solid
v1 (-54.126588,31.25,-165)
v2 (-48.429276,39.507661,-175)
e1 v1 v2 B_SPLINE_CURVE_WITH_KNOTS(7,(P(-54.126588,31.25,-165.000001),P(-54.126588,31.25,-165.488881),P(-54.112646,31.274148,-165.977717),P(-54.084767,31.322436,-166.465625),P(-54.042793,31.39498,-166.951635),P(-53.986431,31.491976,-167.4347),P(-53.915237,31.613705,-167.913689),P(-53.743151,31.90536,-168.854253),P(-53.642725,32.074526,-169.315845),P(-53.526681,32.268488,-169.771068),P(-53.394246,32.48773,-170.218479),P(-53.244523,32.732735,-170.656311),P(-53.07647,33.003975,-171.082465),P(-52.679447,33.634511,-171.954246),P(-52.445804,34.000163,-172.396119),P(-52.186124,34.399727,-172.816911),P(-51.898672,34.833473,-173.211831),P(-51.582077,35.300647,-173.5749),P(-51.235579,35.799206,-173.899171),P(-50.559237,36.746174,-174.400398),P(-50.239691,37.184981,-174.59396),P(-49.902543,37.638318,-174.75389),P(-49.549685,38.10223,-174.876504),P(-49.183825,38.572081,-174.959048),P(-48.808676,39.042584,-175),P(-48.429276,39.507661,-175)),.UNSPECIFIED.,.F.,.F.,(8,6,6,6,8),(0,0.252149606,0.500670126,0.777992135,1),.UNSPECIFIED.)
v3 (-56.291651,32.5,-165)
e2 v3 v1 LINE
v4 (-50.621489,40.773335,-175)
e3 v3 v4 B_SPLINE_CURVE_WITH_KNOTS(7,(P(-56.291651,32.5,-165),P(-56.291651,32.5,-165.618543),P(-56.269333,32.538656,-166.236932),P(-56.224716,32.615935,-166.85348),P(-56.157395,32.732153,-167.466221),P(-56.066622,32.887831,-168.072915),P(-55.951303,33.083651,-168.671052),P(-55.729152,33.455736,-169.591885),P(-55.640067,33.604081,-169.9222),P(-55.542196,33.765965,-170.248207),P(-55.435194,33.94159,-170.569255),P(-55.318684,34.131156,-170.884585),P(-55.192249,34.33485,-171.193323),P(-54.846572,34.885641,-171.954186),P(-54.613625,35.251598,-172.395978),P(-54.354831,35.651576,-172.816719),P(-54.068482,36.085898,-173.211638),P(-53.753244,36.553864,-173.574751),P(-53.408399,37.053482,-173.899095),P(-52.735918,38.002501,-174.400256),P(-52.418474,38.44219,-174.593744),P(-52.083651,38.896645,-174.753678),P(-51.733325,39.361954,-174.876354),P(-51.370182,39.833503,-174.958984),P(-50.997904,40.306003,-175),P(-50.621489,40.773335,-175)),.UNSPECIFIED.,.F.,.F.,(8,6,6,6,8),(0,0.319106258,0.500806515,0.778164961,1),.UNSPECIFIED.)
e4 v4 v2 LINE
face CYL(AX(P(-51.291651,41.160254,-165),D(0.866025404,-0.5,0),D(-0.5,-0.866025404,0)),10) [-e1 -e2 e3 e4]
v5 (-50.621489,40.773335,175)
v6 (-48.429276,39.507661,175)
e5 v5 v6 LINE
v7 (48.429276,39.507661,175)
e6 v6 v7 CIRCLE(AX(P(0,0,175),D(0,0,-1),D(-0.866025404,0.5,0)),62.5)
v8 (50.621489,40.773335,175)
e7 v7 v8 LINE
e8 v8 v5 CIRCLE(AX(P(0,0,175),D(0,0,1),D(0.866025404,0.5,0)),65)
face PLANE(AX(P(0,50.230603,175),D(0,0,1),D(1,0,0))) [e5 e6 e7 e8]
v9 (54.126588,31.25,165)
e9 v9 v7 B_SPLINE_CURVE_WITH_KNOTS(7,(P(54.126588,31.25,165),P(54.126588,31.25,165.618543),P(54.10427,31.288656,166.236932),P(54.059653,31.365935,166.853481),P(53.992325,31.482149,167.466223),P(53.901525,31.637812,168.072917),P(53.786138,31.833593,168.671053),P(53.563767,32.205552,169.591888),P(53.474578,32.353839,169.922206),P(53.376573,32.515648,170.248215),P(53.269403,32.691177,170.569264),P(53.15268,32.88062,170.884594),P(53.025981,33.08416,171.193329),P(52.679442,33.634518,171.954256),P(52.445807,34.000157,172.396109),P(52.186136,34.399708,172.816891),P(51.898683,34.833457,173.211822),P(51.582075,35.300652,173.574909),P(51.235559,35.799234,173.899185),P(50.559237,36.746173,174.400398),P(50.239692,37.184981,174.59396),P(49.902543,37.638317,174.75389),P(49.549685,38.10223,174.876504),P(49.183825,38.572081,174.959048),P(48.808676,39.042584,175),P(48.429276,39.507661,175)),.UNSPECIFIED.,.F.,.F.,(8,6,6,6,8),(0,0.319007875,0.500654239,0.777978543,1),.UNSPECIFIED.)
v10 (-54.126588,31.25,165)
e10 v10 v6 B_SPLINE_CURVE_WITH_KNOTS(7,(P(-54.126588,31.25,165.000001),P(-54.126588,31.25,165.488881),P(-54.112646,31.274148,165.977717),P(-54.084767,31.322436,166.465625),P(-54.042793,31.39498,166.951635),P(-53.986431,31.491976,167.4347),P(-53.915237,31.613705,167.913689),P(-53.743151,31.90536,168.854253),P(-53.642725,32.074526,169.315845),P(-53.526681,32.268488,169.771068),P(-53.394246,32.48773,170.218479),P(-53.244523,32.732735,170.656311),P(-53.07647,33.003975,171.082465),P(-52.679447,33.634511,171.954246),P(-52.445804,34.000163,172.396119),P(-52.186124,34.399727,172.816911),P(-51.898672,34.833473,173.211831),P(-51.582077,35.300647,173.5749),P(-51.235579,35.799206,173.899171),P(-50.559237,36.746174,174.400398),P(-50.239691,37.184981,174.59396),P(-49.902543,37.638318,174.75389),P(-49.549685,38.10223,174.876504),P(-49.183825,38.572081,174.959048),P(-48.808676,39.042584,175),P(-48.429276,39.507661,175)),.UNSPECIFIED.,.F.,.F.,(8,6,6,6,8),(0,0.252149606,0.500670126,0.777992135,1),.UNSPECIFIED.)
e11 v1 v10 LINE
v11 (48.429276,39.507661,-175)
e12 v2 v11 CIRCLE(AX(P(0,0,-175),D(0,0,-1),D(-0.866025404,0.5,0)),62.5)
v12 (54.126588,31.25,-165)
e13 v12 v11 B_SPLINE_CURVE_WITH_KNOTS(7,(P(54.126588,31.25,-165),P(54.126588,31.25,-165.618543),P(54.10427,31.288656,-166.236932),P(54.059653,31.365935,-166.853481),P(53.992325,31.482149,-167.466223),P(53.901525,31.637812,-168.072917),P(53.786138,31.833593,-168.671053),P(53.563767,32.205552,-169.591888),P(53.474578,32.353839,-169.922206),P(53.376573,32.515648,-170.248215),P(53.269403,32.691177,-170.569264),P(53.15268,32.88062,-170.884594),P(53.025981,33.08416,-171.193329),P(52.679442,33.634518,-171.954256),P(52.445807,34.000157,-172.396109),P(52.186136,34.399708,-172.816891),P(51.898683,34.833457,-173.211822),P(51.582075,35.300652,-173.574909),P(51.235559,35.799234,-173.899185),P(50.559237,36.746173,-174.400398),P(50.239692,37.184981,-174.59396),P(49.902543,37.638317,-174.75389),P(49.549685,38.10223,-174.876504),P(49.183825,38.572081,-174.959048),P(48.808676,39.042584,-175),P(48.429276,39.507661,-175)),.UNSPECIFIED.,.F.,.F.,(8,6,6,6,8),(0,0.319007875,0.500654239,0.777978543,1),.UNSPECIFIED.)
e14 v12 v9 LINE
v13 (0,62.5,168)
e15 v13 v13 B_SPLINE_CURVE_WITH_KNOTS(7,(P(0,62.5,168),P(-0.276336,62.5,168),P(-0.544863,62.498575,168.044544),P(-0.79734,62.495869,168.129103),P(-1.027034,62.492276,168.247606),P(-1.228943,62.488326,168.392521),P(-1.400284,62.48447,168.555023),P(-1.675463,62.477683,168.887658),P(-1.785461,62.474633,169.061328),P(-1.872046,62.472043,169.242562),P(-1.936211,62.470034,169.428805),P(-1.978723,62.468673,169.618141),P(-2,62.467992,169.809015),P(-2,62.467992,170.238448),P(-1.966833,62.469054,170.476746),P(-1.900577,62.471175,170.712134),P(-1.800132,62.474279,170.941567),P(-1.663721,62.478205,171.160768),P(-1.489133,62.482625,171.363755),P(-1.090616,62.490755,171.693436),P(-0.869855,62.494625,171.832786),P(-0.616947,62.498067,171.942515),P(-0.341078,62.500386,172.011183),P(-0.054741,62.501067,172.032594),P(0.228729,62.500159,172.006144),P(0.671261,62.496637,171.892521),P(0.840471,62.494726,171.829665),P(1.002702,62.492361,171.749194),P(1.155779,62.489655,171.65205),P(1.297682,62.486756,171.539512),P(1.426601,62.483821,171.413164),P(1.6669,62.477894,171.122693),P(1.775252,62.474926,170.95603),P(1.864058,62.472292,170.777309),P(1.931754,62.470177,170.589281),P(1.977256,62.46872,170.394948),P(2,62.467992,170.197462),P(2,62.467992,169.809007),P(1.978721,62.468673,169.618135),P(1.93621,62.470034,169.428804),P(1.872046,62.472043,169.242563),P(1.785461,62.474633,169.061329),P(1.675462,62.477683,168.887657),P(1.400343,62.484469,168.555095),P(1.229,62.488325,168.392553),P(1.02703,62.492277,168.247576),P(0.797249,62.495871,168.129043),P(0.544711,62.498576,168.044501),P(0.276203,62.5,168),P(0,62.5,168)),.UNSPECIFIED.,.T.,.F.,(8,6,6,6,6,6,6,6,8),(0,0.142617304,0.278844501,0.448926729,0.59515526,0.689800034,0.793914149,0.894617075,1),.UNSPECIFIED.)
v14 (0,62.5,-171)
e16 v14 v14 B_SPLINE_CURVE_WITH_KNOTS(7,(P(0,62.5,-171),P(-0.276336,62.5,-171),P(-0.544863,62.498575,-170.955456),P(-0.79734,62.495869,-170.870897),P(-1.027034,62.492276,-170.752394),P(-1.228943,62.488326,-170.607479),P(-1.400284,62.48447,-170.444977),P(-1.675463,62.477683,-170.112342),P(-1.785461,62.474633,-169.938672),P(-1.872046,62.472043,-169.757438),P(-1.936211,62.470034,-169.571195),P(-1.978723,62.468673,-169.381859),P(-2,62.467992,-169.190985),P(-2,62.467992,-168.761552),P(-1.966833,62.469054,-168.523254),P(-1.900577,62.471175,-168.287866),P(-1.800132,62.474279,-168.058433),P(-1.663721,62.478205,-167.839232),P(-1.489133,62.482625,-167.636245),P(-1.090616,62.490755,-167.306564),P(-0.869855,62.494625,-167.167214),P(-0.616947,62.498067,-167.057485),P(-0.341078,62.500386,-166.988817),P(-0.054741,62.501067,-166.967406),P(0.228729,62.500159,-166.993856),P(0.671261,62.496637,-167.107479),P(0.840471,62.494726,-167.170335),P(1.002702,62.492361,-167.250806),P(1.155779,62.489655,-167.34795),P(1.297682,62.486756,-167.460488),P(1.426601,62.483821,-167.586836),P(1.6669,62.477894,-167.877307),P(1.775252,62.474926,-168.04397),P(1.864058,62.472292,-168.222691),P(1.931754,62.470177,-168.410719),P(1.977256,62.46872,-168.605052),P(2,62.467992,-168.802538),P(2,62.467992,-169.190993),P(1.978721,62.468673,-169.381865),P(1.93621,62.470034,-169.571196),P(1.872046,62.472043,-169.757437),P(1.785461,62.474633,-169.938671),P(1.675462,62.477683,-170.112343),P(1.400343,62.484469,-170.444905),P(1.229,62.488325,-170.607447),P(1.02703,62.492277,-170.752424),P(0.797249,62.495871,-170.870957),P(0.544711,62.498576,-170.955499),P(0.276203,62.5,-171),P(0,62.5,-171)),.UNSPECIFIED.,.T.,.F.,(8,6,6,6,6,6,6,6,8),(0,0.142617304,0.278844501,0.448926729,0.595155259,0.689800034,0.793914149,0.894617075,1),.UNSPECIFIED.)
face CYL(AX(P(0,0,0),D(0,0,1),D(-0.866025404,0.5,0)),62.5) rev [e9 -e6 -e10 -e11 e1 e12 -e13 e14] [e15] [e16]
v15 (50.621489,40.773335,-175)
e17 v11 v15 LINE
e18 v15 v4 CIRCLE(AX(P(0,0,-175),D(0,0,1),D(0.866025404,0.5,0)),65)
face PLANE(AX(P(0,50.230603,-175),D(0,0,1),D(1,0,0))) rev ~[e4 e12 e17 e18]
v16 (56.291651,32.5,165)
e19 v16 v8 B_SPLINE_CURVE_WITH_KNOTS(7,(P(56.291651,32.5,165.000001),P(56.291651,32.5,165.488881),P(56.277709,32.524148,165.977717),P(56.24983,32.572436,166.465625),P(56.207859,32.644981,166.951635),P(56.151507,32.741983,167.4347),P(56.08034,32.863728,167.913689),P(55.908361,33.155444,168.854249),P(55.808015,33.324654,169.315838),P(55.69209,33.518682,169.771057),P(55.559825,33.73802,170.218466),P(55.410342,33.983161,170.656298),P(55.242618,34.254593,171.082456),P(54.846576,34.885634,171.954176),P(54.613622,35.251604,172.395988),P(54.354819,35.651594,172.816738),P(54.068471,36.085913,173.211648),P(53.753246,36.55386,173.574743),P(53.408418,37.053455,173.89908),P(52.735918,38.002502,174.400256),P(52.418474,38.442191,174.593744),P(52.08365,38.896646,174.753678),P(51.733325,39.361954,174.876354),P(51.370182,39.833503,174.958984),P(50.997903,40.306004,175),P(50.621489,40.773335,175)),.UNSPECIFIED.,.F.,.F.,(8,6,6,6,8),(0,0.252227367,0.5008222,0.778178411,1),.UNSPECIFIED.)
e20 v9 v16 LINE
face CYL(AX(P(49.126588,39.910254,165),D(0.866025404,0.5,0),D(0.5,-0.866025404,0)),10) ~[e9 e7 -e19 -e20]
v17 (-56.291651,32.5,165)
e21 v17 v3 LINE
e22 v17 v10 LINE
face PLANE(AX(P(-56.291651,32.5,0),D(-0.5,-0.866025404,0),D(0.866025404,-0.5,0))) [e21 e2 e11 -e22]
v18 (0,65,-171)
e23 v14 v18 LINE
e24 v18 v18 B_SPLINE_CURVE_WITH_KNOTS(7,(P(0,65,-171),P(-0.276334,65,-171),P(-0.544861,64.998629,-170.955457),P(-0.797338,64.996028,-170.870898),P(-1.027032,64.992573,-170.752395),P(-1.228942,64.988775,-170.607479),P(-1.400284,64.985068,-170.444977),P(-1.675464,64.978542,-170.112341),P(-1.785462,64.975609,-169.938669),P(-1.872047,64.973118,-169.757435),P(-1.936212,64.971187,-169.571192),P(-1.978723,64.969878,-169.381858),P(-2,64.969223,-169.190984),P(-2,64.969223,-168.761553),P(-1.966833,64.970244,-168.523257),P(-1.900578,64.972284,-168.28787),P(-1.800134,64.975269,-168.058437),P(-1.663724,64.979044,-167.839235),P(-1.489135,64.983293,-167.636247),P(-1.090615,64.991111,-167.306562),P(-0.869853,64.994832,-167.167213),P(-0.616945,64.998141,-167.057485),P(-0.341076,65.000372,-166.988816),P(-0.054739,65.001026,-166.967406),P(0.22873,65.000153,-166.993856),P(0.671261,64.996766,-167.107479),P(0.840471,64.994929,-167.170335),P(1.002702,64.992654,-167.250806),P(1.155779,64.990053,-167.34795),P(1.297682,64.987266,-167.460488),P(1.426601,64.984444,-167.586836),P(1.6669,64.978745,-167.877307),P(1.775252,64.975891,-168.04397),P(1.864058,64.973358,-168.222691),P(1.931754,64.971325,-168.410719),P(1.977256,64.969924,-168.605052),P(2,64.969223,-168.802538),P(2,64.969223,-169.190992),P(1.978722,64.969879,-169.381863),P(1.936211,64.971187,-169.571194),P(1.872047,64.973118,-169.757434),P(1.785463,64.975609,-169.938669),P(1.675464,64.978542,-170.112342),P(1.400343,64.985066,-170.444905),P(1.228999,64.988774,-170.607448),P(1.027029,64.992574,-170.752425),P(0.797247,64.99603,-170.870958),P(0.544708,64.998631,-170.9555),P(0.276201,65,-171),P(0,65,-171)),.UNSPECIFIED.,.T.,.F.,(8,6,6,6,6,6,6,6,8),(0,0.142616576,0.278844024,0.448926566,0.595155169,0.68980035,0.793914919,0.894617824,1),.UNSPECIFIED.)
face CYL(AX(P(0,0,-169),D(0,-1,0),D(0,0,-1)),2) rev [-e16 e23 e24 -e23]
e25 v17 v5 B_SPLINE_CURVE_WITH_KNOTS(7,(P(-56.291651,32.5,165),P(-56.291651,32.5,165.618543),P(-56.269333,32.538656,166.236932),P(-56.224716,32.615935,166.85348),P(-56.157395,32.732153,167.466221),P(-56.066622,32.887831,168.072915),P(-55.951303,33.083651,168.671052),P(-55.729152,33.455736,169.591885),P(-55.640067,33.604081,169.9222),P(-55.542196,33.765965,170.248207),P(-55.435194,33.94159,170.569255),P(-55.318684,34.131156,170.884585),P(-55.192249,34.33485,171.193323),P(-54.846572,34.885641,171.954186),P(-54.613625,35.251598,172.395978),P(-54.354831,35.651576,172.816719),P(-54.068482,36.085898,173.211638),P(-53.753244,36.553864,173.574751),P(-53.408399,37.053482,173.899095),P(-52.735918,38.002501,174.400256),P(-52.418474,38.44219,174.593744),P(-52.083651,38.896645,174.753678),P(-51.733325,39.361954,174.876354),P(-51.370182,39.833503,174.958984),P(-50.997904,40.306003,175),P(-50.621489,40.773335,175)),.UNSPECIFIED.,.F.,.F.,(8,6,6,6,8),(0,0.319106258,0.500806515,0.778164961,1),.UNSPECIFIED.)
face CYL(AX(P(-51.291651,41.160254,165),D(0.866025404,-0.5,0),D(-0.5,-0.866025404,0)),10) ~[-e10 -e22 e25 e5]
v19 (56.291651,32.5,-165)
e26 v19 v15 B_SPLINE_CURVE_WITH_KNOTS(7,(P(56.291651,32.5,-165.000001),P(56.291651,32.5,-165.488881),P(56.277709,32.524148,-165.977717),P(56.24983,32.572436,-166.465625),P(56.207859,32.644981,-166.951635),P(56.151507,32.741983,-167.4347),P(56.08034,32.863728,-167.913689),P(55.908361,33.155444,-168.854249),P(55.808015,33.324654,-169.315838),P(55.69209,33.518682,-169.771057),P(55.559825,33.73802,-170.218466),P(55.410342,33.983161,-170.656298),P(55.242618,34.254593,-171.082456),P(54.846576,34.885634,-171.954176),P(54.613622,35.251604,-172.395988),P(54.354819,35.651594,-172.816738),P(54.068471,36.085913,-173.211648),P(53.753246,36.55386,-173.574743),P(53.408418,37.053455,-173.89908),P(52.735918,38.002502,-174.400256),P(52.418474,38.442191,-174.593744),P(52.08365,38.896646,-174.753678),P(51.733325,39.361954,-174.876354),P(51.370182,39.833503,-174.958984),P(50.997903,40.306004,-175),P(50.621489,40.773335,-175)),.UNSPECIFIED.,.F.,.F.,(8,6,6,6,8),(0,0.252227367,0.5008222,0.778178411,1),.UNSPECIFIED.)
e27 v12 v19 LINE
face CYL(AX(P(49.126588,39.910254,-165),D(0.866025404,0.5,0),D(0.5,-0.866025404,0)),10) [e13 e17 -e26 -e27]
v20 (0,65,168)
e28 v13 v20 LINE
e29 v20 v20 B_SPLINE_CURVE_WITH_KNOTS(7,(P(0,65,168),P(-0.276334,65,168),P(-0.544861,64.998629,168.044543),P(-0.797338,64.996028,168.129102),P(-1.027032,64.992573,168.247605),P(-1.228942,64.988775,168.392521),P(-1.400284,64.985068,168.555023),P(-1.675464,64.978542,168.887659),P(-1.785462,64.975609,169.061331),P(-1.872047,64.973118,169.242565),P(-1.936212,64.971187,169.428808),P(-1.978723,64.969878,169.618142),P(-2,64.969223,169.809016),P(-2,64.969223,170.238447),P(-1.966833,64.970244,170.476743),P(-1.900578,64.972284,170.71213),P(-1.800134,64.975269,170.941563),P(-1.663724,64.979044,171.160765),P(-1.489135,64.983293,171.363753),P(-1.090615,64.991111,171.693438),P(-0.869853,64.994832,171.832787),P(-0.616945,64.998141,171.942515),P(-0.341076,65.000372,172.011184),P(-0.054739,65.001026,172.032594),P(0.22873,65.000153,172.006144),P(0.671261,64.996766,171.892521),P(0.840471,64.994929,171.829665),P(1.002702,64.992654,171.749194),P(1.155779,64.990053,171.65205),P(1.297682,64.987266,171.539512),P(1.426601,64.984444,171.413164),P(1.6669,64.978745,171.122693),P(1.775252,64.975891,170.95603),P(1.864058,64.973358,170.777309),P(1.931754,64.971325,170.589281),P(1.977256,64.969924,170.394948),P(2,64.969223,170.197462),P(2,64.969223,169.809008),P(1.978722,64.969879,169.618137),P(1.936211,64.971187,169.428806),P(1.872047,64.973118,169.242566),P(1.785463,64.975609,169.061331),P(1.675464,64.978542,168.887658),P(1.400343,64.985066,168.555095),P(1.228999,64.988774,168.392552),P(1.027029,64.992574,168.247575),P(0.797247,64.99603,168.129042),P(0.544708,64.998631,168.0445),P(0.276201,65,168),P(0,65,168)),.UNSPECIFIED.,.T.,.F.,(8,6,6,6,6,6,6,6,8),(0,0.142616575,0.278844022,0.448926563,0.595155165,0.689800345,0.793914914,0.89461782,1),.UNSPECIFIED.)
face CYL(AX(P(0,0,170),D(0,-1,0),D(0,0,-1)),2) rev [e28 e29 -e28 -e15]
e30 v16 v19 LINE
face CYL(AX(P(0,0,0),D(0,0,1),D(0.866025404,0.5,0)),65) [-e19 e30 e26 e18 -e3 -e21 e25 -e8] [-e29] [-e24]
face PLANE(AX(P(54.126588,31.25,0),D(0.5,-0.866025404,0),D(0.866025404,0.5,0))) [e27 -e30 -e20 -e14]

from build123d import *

# Parameters (mm, degrees)
BOSS_EXTRUDE1_DEPTH = 175
FILLET1_R           = 10
SKETCH3_R           = 2
CUT_EXTRUDE1_DEPTH  = 340


with BuildPart() as part:
    # Sketch1 → Boss-Extrude1 (new, symmetric)
    with BuildSketch(Plane.XY):
        with BuildLine():
            Line((-56.291651246, 32.5), (-54.126587737, 31.25))
            ThreePointArc((-54.126587737, 31.25), (0, 62.5), (54.126587737, 31.25))
            Line((54.126587737, 31.25), (56.291651246, 32.5))
            ThreePointArc((56.291651246, 32.5), (0, 65), (-56.291651246, 32.5))
        make_face()
    extrude(amount=BOSS_EXTRUDE1_DEPTH, both=True)

    # Fillet1
    fillet1_edges = [part.edges().sort_by_distance(p)[0] for p in [
        (55.209119491, 31.875, 175),
        (55.209119491, 31.875, -175),
        (-55.209119491, 31.875, -175),
        (-55.209119491, 31.875, 175),
    ]]
    fillet(fillet1_edges, radius=FILLET1_R)

    # Sketch3 → Cut-Extrude1 (cut)
    with BuildSketch(Plane(origin=(0, 0, 0), x_dir=(1, 0, 0), z_dir=(0, 1, 0))):
        with Locations(Location((0, -170, 0), (0, 0, 90))):
            Circle(SKETCH3_R)
        with Locations(Location((0, 169, 0), (0, 0, 90))):
            Circle(SKETCH3_R)
    extrude(amount=CUT_EXTRUDE1_DEPTH, mode=Mode.SUBTRACT)


solid = part.part
